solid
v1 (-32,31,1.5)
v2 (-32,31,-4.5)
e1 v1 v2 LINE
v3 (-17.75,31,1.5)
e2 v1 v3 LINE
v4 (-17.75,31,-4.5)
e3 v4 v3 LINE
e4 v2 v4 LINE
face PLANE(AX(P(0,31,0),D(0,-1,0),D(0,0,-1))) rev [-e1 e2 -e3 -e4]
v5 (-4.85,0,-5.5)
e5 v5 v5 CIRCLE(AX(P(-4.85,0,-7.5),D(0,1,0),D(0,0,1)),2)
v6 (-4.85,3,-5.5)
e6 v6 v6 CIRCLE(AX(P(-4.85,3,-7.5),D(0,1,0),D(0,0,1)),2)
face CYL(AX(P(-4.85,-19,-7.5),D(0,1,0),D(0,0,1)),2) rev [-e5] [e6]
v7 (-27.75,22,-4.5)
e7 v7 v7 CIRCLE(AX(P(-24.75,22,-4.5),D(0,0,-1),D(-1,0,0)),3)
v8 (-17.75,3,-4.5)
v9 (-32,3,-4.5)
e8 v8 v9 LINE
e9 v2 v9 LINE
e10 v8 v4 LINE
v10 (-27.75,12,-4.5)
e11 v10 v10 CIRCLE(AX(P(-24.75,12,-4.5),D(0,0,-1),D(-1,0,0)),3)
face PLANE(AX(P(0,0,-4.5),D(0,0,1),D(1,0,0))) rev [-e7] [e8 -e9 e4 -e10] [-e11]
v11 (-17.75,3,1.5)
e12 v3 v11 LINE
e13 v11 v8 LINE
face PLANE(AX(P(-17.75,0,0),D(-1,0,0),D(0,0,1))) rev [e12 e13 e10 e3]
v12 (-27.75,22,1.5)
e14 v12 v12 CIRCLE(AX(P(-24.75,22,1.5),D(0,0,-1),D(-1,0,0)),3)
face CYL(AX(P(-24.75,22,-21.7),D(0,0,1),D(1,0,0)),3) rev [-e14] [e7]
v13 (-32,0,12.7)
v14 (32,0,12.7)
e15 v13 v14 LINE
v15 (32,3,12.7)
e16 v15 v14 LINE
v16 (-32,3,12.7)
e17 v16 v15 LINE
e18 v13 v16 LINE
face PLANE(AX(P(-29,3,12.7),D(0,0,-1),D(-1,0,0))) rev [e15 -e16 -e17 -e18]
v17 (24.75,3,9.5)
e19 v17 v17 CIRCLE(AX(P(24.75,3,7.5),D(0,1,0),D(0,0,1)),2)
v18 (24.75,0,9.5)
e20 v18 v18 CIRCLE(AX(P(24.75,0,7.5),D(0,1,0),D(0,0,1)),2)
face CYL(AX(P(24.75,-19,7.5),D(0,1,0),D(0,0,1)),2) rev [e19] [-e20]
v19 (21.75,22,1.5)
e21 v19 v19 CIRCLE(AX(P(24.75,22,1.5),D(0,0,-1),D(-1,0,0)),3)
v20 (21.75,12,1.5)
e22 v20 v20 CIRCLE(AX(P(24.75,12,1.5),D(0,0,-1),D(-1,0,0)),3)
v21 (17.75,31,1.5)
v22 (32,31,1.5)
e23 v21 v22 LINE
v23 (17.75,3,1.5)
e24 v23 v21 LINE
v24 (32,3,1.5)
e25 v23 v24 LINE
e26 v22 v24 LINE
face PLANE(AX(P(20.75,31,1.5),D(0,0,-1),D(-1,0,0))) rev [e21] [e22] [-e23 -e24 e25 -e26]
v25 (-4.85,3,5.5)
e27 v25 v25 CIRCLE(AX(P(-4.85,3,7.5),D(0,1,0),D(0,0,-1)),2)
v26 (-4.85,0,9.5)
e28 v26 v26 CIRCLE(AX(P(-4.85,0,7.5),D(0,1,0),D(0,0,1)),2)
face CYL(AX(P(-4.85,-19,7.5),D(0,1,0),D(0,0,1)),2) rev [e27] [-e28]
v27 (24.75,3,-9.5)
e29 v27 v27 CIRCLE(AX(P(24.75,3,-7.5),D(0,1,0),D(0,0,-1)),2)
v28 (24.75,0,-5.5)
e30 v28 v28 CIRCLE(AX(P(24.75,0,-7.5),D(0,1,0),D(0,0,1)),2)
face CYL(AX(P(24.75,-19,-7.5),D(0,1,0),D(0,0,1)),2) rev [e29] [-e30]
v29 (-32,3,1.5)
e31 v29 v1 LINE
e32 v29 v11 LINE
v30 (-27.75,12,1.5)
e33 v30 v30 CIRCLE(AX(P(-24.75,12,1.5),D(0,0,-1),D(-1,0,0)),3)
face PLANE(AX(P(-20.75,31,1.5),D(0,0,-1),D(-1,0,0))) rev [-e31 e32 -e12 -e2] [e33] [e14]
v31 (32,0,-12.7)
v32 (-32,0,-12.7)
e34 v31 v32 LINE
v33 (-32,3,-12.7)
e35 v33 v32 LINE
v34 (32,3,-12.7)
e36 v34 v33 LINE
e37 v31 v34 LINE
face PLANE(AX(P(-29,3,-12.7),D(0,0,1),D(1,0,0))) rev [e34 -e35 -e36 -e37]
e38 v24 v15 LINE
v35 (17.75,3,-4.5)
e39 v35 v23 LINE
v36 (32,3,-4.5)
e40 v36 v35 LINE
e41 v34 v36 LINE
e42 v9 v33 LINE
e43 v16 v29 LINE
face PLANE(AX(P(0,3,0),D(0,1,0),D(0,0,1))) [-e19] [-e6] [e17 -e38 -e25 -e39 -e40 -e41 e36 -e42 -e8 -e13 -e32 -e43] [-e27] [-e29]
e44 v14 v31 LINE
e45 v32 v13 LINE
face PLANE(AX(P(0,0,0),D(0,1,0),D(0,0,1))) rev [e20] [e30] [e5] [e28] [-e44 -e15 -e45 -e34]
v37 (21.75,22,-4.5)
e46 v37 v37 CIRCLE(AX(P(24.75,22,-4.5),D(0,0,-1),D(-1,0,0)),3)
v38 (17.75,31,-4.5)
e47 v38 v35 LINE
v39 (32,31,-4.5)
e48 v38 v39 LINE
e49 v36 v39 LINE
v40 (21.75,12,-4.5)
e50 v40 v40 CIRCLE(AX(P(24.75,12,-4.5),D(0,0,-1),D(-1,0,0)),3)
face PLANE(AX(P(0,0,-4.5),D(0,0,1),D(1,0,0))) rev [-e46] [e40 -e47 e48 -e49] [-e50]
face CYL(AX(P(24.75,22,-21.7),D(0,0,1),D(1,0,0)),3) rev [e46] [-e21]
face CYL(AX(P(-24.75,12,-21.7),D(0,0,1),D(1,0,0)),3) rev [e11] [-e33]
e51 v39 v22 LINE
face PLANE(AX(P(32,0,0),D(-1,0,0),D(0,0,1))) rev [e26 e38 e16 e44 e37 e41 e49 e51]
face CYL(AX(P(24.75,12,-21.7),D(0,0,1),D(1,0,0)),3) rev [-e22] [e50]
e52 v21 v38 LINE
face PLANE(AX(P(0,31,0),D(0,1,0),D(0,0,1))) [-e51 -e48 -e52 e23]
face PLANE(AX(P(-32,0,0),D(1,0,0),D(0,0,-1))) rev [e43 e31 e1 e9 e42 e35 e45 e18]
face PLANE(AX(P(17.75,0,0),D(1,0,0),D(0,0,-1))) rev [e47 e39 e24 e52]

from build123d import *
from build123d.topology import SkipClean

# Parameters (mm, degrees)
SKETCH_1_W          = 58
SKETCH_1_H          = 25.4
EXTRUDE_1_DEPTH     = 3
SKETCH_2_W          = 8
SKETCH_2_H          = 3
EXTRUDE_2_DEPTH     = 28
SKETCH_3_R          = 3
CUT_EXTRUDE_1_DEPTH = 12
SKETCH_4_R          = 2
CUT_EXTRUDE_2_DEPTH = 22
SKETCH_5_W          = 8
SKETCH_5_H          = 3
CUT_EXTRUDE_3_DEPTH = 28
SKETCH_6_W          = 8
SKETCH_6_H          = 28
SKETCH_6_R          = 3
EXTRUDE_3_DEPTH     = 3
SKETCH_7_W          = 6
SKETCH_7_H          = 28
EXTRUDE_4_DEPTH     = 3
SKETCH_8_W          = 6
SKETCH_8_H          = 28
EXTRUDE_5_DEPTH     = 3
SKETCH_9_W          = 6
SKETCH_9_H          = 28
EXTRUDE_6_DEPTH     = 0.25
SKETCH_10_W         = 6
SKETCH_10_H         = 28
EXTRUDE_7_DEPTH     = 0.25
EXTRUDE_8_DEPTH     = 3
EXTRUDE_9_DEPTH     = 3


with BuildPart() as part:
    # 草图1 → 凸台-拉伸1 (new body)
    with BuildSketch(Plane(origin=(0, 0, 0), x_dir=(1, 0, 0), z_dir=(0, 1, 0))):
        Rectangle(SKETCH_1_W, SKETCH_1_H)
    extrude(amount=EXTRUDE_1_DEPTH)

    # 草图2 → 凸台-拉伸2 (add)
    with BuildSketch(Plane(origin=(0, 3, 0), x_dir=(1, 0, 0), z_dir=(0, 1, 0))):
        with Locations((-24.75, 11.2)):
            Rectangle(SKETCH_2_W, SKETCH_2_H)
        with Locations((24.75, 11.2)):
            Rectangle(SKETCH_2_W, SKETCH_2_H)
        with Locations((-24.75, 0)):
            Rectangle(SKETCH_2_W, SKETCH_2_H)
        with Locations((24.75, 0)):
            Rectangle(SKETCH_2_W, SKETCH_2_H)
    extrude(amount=EXTRUDE_2_DEPTH)

    # 草图3 → 切除-拉伸1 (cut, symmetric)
    with BuildSketch(Plane.XY.offset(-9.7)):
        with Locations((-24.75, 12)):
            Circle(SKETCH_3_R)
        with Locations((-24.75, 22)):
            Circle(SKETCH_3_R)
        with Locations((24.75, 12)):
            Circle(SKETCH_3_R)
        with Locations((24.75, 22)):
            Circle(SKETCH_3_R)
    extrude(amount=CUT_EXTRUDE_1_DEPTH, both=True, mode=Mode.SUBTRACT)

    # 草图4 → 切除-拉伸2 (cut)
    with BuildSketch(Plane(origin=(0, 3, 0), x_dir=(1, 0, 0), z_dir=(0, 1, 0))):
        with Locations(Location((24.75, -7.5, 0), (0, 0, 270))):
            Circle(SKETCH_4_R)
        with Locations(Location((24.75, 7.5, 0), (0, 0, 270))):
            Circle(SKETCH_4_R)
        with Locations(Location((-4.85, 7.5, 0), (0, 0, 270))):
            Circle(SKETCH_4_R)
        with Locations(Location((-4.85, -7.5, 0), (0, 0, 270))):
            Circle(SKETCH_4_R)
    extrude(amount=-CUT_EXTRUDE_2_DEPTH, mode=Mode.SUBTRACT)

    # 草图5 → 切除-拉伸3 (cut)
    with BuildSketch(Plane(origin=(0, 31, 0), x_dir=(1, 0, 0), z_dir=(0, 1, 0))):
        with Locations((-24.75, 11.2)):
            Rectangle(SKETCH_5_W, SKETCH_5_H)
        with Locations((24.75, 11.2)):
            Rectangle(SKETCH_5_W, SKETCH_5_H)
    extrude(amount=-CUT_EXTRUDE_3_DEPTH, mode=Mode.SUBTRACT)

    # 草图6 → 凸台-拉伸3 (add)
    # profile 1 of 2: a face of its own
    with SkipClean():  # the faces are left unmerged after this step: merging them gives an invalid solid
        with BuildSketch(Plane(origin=(0, 0, -1.5), x_dir=(-1, 0, 0), z_dir=(0, 0, -1))):
            with Locations((-24.75, 17)):
                Rectangle(SKETCH_6_W, SKETCH_6_H)
            with Locations((-24.75, 22)):
                Circle(SKETCH_6_R, mode=Mode.SUBTRACT)
            with Locations((-24.75, 12)):
                Circle(SKETCH_6_R, mode=Mode.SUBTRACT)
        # profile 2 of 2: a face of its own
        with BuildSketch(Plane(origin=(0, 0, -1.5), x_dir=(-1, 0, 0), z_dir=(0, 0, -1))):
            with Locations((24.75, 17)):
                Rectangle(SKETCH_6_W, SKETCH_6_H)
            with Locations((24.75, 22)):
                Circle(SKETCH_6_R, mode=Mode.SUBTRACT)
            with Locations((24.75, 12)):
                Circle(SKETCH_6_R, mode=Mode.SUBTRACT)
        extrude(amount=EXTRUDE_3_DEPTH)

    # 草图7 → 凸台-拉伸4 (add)
    with SkipClean():  # the faces are left unmerged after this step: merging them gives an invalid solid
        with BuildSketch(Plane.ZY.offset(-20.75)):
            with Locations((-1.5, 17)):
                Rectangle(SKETCH_7_W, SKETCH_7_H)
        extrude(amount=EXTRUDE_4_DEPTH)

    # 草图8 → 凸台-拉伸5 (add)
    with SkipClean():  # the faces are left unmerged after this step: merging them gives an invalid solid
        with BuildSketch(Plane(origin=(-20.75, 0, 0), x_dir=(0, 0, -1), z_dir=(1, 0, 0))):
            with Locations((1.5, 17)):
                Rectangle(SKETCH_8_W, SKETCH_8_H)
        extrude(amount=EXTRUDE_5_DEPTH)

    # 草图9 → 凸台-拉伸6 (add)
    with SkipClean():  # the faces are left unmerged after this step: merging them gives an invalid solid
        with BuildSketch(Plane(origin=(28.75, 0, 0), x_dir=(0, 0, -1), z_dir=(1, 0, 0))):
            with Locations((1.5, 17)):
                Rectangle(SKETCH_9_W, SKETCH_9_H)
        extrude(amount=EXTRUDE_6_DEPTH)

    # 草图10 → 凸台-拉伸7 (add)
    with SkipClean():  # the faces are left unmerged after this step: merging them gives an invalid solid
        with BuildSketch(Plane.ZY.offset(28.75)):
            with Locations((-1.5, 17)):
                Rectangle(SKETCH_10_W, SKETCH_10_H)
        extrude(amount=EXTRUDE_7_DEPTH)

    # 草图11 → 凸台-拉伸8 (add)
    with SkipClean():  # the faces are left unmerged after this step: merging them gives an invalid solid
        with BuildSketch(Plane.ZY.offset(29)):
            Polygon((-4.5, 31), (1.5, 31), (1.5, 3), (12.7, 3), (12.7, 0), (-12.7, 0), (-12.7, 3), (-4.5, 3), align=None)
        extrude(amount=EXTRUDE_8_DEPTH)

    # 草图12 → 凸台-拉伸9 (add)
    with SkipClean():  # the faces are left unmerged after this step: merging them gives an invalid solid
        with BuildSketch(Plane(origin=(29, 0, 0), x_dir=(0, 0, -1), z_dir=(1, 0, 0))):
            Polygon((-1.5, 31), (4.5, 31), (4.5, 3), (12.7, 3), (12.7, 0), (-12.7, 0), (-12.7, 3), (-1.5, 3), align=None)
        extrude(amount=EXTRUDE_9_DEPTH)


solid = part.part
